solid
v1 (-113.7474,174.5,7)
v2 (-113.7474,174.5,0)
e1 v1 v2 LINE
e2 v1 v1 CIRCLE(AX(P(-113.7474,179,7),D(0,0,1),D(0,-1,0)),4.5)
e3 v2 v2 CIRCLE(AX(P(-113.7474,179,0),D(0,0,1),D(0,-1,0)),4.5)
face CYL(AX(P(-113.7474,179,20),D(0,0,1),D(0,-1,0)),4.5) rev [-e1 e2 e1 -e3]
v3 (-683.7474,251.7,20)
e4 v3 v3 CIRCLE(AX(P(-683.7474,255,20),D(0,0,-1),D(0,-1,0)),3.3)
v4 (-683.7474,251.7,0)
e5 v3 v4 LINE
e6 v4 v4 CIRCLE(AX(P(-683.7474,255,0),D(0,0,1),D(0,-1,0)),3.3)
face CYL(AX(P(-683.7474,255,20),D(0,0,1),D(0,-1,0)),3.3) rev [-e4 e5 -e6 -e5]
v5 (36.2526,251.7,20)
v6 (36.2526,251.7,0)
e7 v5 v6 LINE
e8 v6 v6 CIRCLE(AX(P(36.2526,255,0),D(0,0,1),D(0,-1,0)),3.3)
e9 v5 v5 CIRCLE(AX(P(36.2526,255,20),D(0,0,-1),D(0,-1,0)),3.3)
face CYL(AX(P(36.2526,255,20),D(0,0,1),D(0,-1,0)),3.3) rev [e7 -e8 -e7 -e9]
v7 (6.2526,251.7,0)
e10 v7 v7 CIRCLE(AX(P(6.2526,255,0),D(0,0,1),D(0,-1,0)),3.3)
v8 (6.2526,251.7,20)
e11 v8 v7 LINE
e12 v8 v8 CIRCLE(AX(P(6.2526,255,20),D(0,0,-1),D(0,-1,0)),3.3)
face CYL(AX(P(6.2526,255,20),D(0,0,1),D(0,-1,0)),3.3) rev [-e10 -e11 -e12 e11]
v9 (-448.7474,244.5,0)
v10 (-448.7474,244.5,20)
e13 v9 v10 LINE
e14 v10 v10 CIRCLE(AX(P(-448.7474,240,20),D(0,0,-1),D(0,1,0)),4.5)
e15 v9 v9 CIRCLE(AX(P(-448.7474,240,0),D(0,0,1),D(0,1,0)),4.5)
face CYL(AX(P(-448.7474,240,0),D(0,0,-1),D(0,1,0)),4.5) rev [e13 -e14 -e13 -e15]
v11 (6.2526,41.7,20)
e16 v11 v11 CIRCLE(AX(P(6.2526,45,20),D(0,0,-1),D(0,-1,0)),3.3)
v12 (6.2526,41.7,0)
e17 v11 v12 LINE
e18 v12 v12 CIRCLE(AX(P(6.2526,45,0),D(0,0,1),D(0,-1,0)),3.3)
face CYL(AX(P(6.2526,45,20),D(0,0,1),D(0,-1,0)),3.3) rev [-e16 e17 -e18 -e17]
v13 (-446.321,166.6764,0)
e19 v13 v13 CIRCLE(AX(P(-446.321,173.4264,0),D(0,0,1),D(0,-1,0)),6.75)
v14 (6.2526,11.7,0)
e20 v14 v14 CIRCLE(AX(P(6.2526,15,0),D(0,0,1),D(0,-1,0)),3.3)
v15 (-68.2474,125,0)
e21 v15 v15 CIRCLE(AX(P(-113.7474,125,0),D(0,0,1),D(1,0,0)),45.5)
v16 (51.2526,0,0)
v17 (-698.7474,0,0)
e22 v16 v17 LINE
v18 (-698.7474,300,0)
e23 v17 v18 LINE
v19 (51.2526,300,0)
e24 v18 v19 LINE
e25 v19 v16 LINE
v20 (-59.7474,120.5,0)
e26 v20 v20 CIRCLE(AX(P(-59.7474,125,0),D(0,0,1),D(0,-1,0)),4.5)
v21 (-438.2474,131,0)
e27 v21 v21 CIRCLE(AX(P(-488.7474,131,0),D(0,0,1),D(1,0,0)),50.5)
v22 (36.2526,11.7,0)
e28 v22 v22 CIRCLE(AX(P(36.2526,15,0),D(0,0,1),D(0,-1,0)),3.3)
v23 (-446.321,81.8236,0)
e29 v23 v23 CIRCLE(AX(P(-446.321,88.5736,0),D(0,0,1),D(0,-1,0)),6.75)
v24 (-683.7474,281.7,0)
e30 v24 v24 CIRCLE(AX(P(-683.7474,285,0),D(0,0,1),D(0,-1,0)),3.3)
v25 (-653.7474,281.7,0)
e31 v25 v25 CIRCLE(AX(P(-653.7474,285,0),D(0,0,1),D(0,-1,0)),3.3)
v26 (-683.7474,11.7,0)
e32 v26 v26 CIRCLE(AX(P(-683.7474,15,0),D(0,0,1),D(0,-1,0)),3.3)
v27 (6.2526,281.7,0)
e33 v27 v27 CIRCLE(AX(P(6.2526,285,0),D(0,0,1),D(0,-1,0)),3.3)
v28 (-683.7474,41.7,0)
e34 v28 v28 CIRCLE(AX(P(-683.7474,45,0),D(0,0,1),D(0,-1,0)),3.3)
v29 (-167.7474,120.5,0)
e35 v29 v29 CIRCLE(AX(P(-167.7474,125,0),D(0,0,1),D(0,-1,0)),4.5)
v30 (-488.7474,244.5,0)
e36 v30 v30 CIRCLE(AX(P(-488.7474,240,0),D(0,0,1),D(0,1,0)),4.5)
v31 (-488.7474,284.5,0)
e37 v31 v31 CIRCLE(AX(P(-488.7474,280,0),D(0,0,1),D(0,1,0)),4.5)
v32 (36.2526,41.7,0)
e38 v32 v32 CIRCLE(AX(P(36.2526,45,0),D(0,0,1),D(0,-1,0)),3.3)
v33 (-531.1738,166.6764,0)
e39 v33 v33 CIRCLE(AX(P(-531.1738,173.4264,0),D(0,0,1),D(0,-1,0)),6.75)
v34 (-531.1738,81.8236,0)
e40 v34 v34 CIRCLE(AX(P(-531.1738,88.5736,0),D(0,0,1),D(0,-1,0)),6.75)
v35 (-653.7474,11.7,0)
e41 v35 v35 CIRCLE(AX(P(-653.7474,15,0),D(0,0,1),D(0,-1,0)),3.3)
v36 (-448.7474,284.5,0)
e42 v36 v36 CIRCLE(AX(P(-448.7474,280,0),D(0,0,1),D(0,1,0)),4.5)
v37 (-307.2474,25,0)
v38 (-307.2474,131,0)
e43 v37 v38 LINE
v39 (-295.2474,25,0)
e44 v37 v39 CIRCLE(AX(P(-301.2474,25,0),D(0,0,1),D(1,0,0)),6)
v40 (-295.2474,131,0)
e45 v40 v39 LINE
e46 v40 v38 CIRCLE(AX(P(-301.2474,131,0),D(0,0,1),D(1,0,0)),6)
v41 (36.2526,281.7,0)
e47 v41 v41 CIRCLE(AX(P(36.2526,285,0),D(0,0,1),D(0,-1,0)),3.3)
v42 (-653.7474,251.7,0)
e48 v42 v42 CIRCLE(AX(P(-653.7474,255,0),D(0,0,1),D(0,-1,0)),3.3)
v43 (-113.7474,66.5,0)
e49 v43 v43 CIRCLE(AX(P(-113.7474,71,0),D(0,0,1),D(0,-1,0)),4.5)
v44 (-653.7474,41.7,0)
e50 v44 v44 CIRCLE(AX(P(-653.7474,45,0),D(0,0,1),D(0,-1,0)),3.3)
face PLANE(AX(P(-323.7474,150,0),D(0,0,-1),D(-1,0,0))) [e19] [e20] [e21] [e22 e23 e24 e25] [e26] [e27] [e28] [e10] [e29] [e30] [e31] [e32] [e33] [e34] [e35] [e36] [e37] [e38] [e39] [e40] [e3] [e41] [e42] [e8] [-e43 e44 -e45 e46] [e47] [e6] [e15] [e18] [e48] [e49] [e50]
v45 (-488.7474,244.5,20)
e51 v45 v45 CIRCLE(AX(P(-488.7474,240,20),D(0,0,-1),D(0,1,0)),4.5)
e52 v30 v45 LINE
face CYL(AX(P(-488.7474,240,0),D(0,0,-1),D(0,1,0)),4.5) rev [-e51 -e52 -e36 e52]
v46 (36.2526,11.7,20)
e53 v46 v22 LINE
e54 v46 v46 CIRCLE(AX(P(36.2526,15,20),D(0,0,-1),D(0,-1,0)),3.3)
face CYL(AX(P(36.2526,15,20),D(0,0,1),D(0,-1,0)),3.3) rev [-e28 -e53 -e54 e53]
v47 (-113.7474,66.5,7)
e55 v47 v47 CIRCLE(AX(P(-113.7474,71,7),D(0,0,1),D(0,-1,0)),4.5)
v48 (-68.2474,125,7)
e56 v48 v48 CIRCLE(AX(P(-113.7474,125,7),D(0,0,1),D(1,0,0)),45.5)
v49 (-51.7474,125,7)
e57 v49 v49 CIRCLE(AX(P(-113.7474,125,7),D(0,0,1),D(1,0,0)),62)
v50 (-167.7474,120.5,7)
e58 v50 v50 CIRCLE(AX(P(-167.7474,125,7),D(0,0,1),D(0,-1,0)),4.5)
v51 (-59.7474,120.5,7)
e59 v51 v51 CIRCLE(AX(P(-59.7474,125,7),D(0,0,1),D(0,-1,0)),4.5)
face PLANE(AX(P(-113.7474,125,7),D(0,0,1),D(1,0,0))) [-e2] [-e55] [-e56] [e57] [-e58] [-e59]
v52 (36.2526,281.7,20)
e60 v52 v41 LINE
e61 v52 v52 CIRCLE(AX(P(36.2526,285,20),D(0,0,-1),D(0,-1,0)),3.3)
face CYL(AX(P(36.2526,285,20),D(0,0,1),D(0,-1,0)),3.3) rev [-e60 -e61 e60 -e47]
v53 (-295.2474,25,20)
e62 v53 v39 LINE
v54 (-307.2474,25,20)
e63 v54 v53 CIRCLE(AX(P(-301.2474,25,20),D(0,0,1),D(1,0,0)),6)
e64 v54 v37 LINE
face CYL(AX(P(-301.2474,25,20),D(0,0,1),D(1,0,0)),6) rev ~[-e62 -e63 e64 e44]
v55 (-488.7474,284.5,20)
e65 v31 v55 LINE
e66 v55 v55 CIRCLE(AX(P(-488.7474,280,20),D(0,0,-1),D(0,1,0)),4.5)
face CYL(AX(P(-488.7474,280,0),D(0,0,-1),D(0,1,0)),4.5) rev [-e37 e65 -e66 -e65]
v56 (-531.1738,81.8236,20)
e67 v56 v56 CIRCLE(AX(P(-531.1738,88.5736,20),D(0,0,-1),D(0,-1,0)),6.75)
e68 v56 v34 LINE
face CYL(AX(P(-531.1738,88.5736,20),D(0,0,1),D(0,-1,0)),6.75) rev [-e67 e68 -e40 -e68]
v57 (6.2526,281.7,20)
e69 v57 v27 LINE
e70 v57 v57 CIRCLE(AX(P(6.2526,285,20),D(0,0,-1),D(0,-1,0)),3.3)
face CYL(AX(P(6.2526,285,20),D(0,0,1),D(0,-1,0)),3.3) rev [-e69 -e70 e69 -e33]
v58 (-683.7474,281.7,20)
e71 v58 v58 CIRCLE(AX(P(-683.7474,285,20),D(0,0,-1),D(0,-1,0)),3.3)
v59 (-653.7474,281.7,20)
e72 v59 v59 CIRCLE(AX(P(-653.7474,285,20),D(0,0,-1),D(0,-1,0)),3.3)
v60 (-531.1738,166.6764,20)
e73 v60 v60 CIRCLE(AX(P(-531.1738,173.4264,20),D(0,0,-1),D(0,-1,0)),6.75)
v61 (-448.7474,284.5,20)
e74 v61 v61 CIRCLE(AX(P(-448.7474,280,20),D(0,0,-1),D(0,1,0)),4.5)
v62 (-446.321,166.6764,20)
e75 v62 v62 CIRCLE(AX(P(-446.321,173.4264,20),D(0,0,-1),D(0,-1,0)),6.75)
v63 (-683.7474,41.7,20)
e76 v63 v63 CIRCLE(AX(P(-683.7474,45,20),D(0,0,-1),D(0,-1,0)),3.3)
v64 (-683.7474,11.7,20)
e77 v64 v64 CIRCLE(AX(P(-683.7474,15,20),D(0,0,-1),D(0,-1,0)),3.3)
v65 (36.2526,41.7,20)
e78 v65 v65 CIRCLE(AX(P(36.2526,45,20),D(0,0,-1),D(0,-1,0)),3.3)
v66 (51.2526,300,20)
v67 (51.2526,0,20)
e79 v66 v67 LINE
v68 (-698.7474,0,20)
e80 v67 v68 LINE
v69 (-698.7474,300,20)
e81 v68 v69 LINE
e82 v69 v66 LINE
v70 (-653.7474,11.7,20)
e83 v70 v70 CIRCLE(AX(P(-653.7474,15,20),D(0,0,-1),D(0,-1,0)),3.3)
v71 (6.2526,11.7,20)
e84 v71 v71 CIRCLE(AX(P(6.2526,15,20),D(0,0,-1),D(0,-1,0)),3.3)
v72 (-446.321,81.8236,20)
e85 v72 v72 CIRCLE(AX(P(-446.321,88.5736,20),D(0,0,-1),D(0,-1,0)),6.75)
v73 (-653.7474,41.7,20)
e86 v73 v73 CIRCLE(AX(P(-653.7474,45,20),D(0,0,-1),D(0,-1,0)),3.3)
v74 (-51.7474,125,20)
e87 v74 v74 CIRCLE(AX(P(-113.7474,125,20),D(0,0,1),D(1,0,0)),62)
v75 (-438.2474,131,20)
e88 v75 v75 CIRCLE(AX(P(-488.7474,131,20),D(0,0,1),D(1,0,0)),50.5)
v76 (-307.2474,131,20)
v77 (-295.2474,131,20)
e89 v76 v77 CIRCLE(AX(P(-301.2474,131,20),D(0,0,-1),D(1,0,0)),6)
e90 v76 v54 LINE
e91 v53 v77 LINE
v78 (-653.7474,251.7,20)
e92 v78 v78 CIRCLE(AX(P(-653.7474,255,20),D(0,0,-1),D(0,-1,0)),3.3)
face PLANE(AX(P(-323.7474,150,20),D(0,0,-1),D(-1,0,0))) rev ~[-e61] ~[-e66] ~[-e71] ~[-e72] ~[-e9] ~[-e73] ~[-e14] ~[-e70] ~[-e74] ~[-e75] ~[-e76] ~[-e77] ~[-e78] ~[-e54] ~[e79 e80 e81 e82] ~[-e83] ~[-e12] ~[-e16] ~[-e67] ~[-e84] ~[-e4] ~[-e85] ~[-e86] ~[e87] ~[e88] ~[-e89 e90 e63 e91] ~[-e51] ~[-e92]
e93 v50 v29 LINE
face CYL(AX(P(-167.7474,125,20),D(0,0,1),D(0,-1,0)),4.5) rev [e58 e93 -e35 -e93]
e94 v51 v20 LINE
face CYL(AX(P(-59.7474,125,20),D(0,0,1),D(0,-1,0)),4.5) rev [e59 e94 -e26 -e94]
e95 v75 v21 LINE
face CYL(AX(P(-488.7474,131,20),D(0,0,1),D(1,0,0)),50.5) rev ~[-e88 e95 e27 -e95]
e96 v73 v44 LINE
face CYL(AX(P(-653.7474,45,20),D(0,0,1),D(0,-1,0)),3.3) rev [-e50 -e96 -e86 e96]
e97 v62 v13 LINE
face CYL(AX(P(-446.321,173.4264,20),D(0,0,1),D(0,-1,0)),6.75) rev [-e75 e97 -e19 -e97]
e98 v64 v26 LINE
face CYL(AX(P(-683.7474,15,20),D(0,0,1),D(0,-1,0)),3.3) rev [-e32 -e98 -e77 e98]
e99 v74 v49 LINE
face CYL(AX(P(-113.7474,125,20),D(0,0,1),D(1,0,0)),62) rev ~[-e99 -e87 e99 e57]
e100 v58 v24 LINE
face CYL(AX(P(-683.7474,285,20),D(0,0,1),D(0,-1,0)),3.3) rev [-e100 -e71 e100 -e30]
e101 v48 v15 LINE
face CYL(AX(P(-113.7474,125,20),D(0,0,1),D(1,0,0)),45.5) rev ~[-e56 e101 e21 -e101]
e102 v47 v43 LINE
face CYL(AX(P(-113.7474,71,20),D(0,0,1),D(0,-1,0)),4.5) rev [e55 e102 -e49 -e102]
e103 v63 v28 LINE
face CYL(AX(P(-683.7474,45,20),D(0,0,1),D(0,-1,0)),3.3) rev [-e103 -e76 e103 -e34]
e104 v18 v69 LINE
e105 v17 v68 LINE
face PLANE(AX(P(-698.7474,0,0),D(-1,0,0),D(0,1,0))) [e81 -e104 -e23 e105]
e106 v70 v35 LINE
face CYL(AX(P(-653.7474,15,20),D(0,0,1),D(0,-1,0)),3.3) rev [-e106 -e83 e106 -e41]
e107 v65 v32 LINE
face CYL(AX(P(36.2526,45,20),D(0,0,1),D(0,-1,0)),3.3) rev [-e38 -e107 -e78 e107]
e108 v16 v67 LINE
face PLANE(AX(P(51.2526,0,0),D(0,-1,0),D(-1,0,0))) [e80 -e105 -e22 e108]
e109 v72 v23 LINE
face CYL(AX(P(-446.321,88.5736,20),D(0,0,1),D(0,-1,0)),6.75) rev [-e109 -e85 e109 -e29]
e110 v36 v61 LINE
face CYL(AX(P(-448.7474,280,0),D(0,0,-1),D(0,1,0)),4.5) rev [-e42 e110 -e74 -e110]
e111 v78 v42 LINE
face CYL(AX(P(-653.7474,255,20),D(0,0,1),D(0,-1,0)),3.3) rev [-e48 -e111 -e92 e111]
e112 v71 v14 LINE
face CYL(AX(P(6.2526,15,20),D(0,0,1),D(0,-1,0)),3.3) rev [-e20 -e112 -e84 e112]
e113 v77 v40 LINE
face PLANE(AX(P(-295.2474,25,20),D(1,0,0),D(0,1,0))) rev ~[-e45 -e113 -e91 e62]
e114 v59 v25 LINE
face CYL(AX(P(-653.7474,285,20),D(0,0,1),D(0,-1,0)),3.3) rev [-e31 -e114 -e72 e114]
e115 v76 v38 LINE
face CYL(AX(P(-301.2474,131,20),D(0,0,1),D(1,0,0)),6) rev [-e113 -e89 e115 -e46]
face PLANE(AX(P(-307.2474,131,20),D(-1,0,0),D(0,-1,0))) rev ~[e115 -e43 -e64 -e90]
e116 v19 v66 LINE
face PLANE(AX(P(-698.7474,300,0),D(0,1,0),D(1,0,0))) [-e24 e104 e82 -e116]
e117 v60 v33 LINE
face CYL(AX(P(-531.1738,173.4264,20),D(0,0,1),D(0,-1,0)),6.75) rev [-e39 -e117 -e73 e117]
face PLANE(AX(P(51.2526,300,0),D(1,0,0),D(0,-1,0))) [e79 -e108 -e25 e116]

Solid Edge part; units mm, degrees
sketch "Sketch1" plane through (0, 0, 0) normal (0, 0, 1) x (1, 0, 0)
  line L0 (-698.7474, 0) -> (-698.7474, 300)
  line L1 (-698.7474, 300) -> (51.2526, 300)
  line L2 (51.2526, 300) -> (51.2526, 0)
  line L3 (51.2526, 0) -> (-698.7474, 0)
  dimension "D1" = 300
  dimension "D2" = 750
extrude "Protrusion1" add sketch "Sketch1" along normal blind 20
sketch "Sketch2" plane through (-48.7474, 100, 20) normal (0, 0, 1) x (1, 0, 0)
  circle A0 centre (-65, 25) radius 45.5
  dimension "D1" = 91
  dimension "D2" = 165
  dimension "D3" = 125
extrude "Cutout1" cut sketch "Sketch2" against normal through all
sketch "Sketch3" plane through (-248.7474, 300, 20) normal (0, 0, 1) x (1, 0, 0)
  circle A0 centre (-240, -169) radius 50.5
  dimension "D1" = 101
  dimension "D2" = 131
  dimension "D3" = 210
extrude "Cutout2" cut sketch "Sketch3" against normal through all
hole "Hole_1" at (-531.1738, 173.4264, 20) direction (0, 0, -1) diameter 13.5 end up to next
hole "Hole1" at (-531.1738, 88.5736, 20) direction (0, 0, -1) diameter 13.5 end up to next
hole "Hole2" at (-446.321, 88.5736, 20) direction (0, 0, -1) diameter 13.5 end up to next
hole "Hole3" at (-446.321, 173.4264, 20) direction (0, 0, -1) diameter 13.5 end up to next
hole "Hole_5" at (-167.7474, 125, 20) direction (0, 0, -1) diameter 9 end up to next
hole "Hole4" at (-59.7474, 125, 20) direction (0, 0, -1) diameter 9 end up to next
hole "Hole5" at (-113.7474, 71, 20) direction (0, 0, -1) diameter 9 end up to next
hole "Hole6" at (-113.7474, 179, 20) direction (0, 0, -1) diameter 9 end up to next
sketch "Sketch4" plane through (-248.7474, 300, 20) normal (0, 0, 1) x (1, 0, 0)
  circle A0 centre (135, -175) radius 62
  dimension "D1" = 124
extrude "ExtrudedCutout_4" cut sketch "Sketch4" against normal blind 13
sketch "Sketch5" plane through (-248.7474, 300, 20) normal (0, 0, 1) x (1, 0, 0)
  line L0 (-58.5, -169) -> (-58.5, -275)
  arc A0 (-58.5, -275) -> (-46.5, -275) centre (-52.5, -275) ccw
  line L1 (-46.5, -275) -> (-46.5, -169)
  arc A1 (-58.5, -169) -> (-46.5, -169) centre (-52.5, -169) cw
  dimension "D1" = 375
  dimension "D2" = 12
  dimension "D3" = 187.5
  dimension "D4" = 25
extrude "Cutout3" cut sketch "Sketch5" against normal through all
hole "Hole_9" at (6.2526, 15, 20) direction (0, 0, -1) diameter 6.6 end through all
hole "Hole7" at (-653.7474, 15, 20) direction (0, 0, -1) diameter 6.6 end through all
hole "Hole8" at (-683.7474, 15, 20) direction (0, 0, -1) diameter 6.6 end through all
hole "Hole9" at (-683.7474, 45, 20) direction (0, 0, -1) diameter 6.6 end through all
hole "Hole10" at (-653.7474, 45, 20) direction (0, 0, -1) diameter 6.6 end through all
hole "Hole11" at (6.2526, 45, 20) direction (0, 0, -1) diameter 6.6 end through all
hole "Hole12" at (36.2526, 45, 20) direction (0, 0, -1) diameter 6.6 end through all
hole "Hole13" at (36.2526, 255, 20) direction (0, 0, -1) diameter 6.6 end through all
hole "Hole14" at (6.2526, 255, 20) direction (0, 0, -1) diameter 6.6 end through all
hole "Hole15" at (-653.7474, 255, 20) direction (0, 0, -1) diameter 6.6 end through all
hole "Hole16" at (-683.7474, 255, 20) direction (0, 0, -1) diameter 6.6 end through all
hole "Hole17" at (-683.7474, 285, 20) direction (0, 0, -1) diameter 6.6 end through all
hole "Hole18" at (-653.7474, 285, 20) direction (0, 0, -1) diameter 6.6 end through all
hole "Hole19" at (6.2526, 285, 20) direction (0, 0, -1) diameter 6.6 end through all
hole "Hole20" at (36.2526, 285, 20) direction (0, 0, -1) diameter 6.6 end through all
hole "Hole21" at (36.2526, 15, 20) direction (0, 0, -1) diameter 6.6 end through all
hole "Hole_25" at (-488.7474, 280, 0) direction (0, 0, 1) diameter 9 end up to next
hole "Hole22" at (-488.7474, 240, 0) direction (0, 0, 1) diameter 9 end up to next
hole "Hole23" at (-448.7474, 240, 0) direction (0, 0, 1) diameter 9 end up to next
hole "Hole24" at (-448.7474, 280, 0) direction (0, 0, 1) diameter 9 end up to next
properties material "Aluminum, 6061-T6"
